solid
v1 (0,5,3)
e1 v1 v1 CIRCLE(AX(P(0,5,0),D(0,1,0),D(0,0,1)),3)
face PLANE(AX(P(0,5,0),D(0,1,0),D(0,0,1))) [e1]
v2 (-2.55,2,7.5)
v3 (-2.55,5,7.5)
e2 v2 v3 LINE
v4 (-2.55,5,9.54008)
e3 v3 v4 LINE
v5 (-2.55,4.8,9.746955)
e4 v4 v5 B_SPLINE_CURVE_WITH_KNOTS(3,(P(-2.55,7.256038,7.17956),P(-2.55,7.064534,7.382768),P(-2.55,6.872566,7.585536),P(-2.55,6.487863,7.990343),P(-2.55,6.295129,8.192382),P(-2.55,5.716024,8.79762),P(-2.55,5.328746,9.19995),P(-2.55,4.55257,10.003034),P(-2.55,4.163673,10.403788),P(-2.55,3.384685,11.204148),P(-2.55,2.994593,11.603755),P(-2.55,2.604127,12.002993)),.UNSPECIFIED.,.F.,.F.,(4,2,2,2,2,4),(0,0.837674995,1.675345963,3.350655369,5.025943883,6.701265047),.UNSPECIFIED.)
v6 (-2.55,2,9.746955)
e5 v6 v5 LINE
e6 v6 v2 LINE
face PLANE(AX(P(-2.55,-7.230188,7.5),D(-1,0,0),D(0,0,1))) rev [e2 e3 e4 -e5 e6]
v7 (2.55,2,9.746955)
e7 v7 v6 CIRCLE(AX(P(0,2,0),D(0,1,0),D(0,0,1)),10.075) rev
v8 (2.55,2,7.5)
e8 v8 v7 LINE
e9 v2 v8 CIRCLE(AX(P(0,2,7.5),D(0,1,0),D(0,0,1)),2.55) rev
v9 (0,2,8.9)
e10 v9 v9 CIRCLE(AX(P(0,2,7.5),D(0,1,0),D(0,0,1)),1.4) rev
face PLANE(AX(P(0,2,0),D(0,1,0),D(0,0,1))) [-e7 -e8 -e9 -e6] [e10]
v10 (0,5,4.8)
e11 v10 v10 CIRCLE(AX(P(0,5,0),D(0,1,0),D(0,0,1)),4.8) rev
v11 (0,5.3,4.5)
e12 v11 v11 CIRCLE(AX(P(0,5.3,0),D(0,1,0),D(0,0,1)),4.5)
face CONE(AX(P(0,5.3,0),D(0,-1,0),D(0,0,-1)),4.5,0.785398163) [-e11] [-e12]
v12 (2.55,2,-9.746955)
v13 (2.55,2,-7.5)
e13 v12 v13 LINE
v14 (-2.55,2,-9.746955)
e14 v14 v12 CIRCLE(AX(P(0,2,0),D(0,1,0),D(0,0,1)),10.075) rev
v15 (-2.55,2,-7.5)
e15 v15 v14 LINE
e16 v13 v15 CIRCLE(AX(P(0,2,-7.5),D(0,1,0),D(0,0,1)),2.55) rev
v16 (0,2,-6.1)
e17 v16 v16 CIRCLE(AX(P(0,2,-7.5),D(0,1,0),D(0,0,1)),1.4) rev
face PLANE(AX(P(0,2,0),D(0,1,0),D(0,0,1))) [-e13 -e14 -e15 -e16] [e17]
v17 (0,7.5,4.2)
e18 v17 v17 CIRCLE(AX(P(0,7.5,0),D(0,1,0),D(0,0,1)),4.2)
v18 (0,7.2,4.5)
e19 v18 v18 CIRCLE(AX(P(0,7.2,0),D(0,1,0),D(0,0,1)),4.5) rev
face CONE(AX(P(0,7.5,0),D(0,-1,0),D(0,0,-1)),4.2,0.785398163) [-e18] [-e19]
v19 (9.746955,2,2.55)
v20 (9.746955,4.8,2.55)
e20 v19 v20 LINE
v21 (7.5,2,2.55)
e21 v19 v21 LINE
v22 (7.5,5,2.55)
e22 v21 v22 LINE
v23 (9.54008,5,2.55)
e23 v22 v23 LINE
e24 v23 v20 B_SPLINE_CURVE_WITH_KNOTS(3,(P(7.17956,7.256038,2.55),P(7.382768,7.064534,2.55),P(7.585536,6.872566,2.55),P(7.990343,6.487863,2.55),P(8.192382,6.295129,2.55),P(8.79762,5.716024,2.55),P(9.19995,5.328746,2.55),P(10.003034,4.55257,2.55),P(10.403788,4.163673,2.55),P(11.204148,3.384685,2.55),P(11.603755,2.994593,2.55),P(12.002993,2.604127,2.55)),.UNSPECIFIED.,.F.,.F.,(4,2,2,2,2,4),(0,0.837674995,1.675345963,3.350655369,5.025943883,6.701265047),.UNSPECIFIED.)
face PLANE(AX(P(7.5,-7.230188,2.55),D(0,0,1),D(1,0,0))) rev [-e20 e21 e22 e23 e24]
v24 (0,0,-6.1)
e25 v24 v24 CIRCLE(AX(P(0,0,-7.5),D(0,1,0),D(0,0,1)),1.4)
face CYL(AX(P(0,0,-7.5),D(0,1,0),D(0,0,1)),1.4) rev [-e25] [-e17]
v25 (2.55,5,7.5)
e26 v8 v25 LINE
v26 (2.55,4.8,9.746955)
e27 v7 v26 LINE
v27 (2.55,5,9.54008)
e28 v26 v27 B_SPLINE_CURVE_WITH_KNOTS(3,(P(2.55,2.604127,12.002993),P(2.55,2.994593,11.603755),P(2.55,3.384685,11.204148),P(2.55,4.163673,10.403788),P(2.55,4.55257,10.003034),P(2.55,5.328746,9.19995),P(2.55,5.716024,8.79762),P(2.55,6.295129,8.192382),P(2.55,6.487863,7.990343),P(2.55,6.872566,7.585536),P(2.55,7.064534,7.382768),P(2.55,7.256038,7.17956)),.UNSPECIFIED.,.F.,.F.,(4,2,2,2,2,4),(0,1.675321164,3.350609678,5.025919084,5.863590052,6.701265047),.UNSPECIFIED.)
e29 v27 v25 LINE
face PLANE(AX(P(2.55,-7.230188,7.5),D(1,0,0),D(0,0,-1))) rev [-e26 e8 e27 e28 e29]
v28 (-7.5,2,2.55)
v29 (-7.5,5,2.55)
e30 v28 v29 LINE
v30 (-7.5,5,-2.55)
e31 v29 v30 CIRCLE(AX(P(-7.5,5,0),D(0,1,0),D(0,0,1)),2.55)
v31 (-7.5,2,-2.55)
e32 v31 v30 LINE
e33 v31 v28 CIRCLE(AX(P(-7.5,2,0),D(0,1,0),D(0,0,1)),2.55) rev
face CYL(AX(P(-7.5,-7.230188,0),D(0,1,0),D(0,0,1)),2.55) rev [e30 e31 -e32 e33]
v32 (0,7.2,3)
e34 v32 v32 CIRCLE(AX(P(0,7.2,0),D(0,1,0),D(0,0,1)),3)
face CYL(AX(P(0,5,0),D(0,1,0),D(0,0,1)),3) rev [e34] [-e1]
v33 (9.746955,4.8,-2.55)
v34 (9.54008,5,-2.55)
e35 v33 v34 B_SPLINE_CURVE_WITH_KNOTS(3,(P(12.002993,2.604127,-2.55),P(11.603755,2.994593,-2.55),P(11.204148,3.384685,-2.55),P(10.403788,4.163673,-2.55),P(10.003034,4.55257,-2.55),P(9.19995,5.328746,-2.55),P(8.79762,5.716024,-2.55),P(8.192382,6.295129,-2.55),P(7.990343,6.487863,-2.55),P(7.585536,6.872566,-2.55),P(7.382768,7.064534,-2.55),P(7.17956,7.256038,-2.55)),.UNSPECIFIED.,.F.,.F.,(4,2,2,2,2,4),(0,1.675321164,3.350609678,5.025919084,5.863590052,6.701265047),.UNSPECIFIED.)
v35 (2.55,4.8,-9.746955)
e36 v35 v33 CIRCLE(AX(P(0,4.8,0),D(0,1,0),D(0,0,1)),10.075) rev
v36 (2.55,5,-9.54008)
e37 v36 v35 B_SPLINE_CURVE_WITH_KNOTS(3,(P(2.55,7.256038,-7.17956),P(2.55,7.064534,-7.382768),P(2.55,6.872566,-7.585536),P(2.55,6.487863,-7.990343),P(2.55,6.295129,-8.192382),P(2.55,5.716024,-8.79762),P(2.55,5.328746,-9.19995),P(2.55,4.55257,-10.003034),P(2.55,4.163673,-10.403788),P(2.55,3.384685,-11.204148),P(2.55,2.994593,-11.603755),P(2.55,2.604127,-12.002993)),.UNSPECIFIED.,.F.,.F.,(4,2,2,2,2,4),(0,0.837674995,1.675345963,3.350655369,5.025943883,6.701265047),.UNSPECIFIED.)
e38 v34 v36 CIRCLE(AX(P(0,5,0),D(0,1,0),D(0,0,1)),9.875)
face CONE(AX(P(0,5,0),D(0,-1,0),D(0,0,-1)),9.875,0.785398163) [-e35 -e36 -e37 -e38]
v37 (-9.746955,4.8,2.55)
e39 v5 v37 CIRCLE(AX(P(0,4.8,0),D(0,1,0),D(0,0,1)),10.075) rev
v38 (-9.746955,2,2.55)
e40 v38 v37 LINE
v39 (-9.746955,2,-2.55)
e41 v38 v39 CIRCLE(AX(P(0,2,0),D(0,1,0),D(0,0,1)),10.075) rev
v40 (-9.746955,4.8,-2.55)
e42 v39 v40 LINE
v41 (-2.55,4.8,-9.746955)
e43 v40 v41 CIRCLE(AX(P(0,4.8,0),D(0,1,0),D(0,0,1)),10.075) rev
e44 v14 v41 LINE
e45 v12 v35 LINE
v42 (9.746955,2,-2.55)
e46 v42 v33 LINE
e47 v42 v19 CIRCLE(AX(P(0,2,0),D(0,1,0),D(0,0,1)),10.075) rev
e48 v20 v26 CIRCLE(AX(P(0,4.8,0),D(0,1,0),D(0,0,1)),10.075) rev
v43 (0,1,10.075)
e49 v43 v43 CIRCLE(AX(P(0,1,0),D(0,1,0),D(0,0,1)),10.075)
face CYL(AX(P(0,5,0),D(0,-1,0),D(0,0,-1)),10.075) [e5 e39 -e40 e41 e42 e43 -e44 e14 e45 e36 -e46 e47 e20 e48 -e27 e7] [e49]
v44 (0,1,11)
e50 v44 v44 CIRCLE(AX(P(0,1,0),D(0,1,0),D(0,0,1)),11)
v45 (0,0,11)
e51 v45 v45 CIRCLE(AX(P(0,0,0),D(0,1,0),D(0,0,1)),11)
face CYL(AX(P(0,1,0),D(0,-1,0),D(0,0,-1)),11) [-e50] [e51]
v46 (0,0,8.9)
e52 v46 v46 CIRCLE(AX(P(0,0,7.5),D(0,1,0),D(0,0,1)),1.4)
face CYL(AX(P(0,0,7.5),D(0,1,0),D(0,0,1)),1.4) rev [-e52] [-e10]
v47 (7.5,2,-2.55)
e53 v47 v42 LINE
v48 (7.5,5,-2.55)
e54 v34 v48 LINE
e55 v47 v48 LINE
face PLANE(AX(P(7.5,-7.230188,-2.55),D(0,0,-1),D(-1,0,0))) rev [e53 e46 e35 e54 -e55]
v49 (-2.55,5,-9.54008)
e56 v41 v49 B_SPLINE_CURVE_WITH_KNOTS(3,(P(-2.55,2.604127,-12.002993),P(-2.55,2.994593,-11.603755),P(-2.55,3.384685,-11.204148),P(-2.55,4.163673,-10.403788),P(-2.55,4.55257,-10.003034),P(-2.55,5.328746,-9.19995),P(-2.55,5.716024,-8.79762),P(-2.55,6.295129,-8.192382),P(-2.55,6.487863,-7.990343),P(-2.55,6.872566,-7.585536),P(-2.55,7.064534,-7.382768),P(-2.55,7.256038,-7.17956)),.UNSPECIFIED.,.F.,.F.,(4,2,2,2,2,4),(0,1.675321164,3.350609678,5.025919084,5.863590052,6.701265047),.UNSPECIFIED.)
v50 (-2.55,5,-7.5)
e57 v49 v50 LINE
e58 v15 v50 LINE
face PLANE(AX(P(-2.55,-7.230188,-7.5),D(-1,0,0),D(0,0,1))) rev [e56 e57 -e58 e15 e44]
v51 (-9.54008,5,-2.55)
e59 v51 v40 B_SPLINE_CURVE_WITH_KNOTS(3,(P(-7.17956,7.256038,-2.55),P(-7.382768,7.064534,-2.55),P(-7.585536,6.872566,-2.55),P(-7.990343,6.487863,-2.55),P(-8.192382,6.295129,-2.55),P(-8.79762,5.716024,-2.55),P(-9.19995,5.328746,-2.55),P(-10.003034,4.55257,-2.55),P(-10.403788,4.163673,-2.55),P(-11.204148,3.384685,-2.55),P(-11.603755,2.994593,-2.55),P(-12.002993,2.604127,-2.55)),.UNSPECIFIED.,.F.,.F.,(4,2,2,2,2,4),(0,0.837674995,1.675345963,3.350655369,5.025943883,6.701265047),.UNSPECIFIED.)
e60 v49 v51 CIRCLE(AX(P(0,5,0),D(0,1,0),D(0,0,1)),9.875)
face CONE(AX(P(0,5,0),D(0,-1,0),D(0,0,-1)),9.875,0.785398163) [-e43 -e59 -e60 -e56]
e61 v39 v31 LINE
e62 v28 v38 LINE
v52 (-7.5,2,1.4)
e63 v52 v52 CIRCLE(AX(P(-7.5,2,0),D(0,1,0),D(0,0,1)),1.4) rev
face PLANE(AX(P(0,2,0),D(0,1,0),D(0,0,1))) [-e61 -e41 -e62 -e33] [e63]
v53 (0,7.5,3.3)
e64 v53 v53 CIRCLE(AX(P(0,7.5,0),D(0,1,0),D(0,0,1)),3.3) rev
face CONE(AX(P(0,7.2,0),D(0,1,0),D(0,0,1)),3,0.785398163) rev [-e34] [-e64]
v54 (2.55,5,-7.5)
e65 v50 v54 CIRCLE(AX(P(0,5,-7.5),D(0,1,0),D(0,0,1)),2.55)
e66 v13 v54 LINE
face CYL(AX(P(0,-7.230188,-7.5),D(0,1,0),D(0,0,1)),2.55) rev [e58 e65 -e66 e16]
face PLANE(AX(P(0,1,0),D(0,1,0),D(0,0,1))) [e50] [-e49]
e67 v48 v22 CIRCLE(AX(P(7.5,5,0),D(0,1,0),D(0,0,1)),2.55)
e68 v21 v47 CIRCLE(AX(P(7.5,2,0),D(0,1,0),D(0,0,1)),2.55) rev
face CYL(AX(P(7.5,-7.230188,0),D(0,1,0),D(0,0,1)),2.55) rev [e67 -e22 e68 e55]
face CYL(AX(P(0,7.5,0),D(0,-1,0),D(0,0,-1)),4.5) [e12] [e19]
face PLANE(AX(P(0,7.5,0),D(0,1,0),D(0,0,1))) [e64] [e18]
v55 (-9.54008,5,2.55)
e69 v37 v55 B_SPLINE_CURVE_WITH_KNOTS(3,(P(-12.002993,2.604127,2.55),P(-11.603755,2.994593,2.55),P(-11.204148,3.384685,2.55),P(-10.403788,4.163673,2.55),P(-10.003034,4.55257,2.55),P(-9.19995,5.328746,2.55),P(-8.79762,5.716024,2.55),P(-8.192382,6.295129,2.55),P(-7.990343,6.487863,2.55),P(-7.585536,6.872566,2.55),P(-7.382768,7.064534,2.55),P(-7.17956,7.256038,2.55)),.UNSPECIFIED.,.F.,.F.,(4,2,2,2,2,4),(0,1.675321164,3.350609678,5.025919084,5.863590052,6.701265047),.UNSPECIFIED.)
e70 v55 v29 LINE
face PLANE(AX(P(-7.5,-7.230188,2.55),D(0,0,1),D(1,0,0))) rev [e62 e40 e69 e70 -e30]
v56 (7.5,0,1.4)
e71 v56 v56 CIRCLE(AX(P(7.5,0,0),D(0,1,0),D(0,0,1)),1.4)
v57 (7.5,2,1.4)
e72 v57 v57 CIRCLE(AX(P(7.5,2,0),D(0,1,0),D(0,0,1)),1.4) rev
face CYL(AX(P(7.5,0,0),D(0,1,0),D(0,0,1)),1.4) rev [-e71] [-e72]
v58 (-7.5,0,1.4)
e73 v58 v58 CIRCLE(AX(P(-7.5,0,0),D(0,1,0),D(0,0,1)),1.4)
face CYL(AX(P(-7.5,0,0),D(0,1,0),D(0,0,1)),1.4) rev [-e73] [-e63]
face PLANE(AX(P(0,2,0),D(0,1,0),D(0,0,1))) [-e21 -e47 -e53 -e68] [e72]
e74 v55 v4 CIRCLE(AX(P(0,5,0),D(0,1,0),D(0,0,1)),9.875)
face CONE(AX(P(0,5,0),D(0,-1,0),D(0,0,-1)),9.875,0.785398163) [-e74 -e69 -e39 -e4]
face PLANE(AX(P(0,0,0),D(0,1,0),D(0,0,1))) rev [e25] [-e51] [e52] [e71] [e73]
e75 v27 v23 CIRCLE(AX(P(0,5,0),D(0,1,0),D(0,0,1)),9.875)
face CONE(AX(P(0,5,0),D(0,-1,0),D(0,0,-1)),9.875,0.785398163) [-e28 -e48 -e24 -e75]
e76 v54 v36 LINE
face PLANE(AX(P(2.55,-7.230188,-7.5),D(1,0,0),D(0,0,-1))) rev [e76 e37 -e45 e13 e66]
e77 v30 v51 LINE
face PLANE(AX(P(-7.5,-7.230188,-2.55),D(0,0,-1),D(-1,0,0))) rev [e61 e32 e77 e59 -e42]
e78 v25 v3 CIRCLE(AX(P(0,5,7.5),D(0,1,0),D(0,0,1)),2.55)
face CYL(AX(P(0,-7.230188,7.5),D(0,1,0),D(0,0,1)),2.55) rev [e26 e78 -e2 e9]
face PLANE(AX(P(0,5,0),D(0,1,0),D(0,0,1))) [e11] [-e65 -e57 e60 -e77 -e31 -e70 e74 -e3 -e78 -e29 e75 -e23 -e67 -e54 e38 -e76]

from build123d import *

# Parameters (mm, degrees)
SKETCH1_R           = 11
BOSS_EXTRUDE1_DEPTH = 1
SKETCH2_R           = 10.075
BOSS_EXTRUDE2_DEPTH = 4
CHAMFER1_SIZE       = 0.2
SKETCH3_R           = 1.4
CUT_EXTRUDE1_DEPTH  = 6
CUT_EXTRUDE2_DEPTH  = 3
SKETCH5_R           = 4.5
BOSS_EXTRUDE3_DEPTH = 2.5
SKETCH6_R           = 3
CUT_EXTRUDE3_DEPTH  = 2.5
CHAMFER2_SIZE       = 0.3


with BuildPart() as part:
    # Sketch1 → Boss-Extrude1 (new body)
    with BuildSketch(Plane(origin=(0, 0, 0), x_dir=(1, 0, 0), z_dir=(0, 1, 0))):
        Circle(SKETCH1_R)
    extrude(amount=BOSS_EXTRUDE1_DEPTH)

    # Sketch2 → Boss-Extrude2 (add)
    with BuildSketch(Plane(origin=(0, 1, 0), x_dir=(1, 0, 0), z_dir=(0, 1, 0))):
        Circle(SKETCH2_R)
    extrude(amount=BOSS_EXTRUDE2_DEPTH)

    # Chamfer1
    chamfer1_edges = [part.edges().sort_by_distance(p)[0] for p in [
        (-10.075, 5, 0),
    ]]
    chamfer(chamfer1_edges, length=CHAMFER1_SIZE)

    # Sketch3 → Cut-Extrude1 (cut, through all)
    with BuildSketch(Plane(origin=(0, 5, 0), x_dir=(1, 0, 0), z_dir=(0, 1, 0))):
        with Locations((0, 7.5)):
            Circle(SKETCH3_R)
        with Locations((7.5, 0)):
            Circle(SKETCH3_R)
        with Locations((0, -7.5)):
            Circle(SKETCH3_R)
        with Locations((-7.5, 0)):
            Circle(SKETCH3_R)
    extrude(amount=-CUT_EXTRUDE1_DEPTH, mode=Mode.SUBTRACT)

    # Sketch4 → Cut-Extrude2 (cut)
    with BuildSketch(Plane(origin=(0, 5, 0), x_dir=(1, 0, 0), z_dir=(0, 1, 0))):
        with BuildLine():
            Line((-2.55, 7.5), (-2.55, 9.746954653))
            ThreePointArc((-2.55, 9.746954653), (0, 10.075), (2.55, 9.746954653))
            Line((2.55, 9.746954653), (2.55, 7.5))
            ThreePointArc((2.55, 7.5), (0, 4.95), (-2.55, 7.5))
        make_face()
        with BuildLine():
            Line((7.5, -2.55), (9.746954653, -2.55))
            ThreePointArc((9.746954653, -2.55), (10.075, 0), (9.746954653, 2.55))
            Line((9.746954653, 2.55), (7.5, 2.55))
            ThreePointArc((7.5, 2.55), (4.95, 0), (7.5, -2.55))
        make_face()
        with BuildLine():
            Line((-2.55, -7.5), (-2.55, -9.746954653))
            ThreePointArc((-2.55, -9.746954653), (0, -10.075), (2.55, -9.746954653))
            Line((2.55, -9.746954653), (2.55, -7.5))
            ThreePointArc((2.55, -7.5), (0, -4.95), (-2.55, -7.5))
        make_face()
        with BuildLine():
            Line((-7.5, 2.55), (-9.746954653, 2.55))
            ThreePointArc((-9.746954653, 2.55), (-10.075, 0), (-9.746954653, -2.55))
            Line((-9.746954653, -2.55), (-7.5, -2.55))
            ThreePointArc((-7.5, -2.55), (-4.95, 0), (-7.5, 2.55))
        make_face()
    extrude(amount=-CUT_EXTRUDE2_DEPTH, mode=Mode.SUBTRACT)

    # Sketch5 → Boss-Extrude3 (add)
    with BuildSketch(Plane(origin=(0, 5, 0), x_dir=(1, 0, 0), z_dir=(0, 1, 0))):
        Circle(SKETCH5_R)
    extrude(amount=BOSS_EXTRUDE3_DEPTH)

    # Sketch6 → Cut-Extrude3 (cut)
    with BuildSketch(Plane(origin=(0, 7.5, 0), x_dir=(1, 0, 0), z_dir=(0, 1, 0))):
        Circle(SKETCH6_R)
    extrude(amount=-CUT_EXTRUDE3_DEPTH, mode=Mode.SUBTRACT)

    # Chamfer2
    chamfer2_edges = [part.edges().sort_by_distance(p)[0] for p in [
        (-4.5, 5, 0),
        (-4.5, 7.5, 0),
        (-3, 7.5, 0),
    ]]
    chamfer(chamfer2_edges, length=CHAMFER2_SIZE)


solid = part.part
